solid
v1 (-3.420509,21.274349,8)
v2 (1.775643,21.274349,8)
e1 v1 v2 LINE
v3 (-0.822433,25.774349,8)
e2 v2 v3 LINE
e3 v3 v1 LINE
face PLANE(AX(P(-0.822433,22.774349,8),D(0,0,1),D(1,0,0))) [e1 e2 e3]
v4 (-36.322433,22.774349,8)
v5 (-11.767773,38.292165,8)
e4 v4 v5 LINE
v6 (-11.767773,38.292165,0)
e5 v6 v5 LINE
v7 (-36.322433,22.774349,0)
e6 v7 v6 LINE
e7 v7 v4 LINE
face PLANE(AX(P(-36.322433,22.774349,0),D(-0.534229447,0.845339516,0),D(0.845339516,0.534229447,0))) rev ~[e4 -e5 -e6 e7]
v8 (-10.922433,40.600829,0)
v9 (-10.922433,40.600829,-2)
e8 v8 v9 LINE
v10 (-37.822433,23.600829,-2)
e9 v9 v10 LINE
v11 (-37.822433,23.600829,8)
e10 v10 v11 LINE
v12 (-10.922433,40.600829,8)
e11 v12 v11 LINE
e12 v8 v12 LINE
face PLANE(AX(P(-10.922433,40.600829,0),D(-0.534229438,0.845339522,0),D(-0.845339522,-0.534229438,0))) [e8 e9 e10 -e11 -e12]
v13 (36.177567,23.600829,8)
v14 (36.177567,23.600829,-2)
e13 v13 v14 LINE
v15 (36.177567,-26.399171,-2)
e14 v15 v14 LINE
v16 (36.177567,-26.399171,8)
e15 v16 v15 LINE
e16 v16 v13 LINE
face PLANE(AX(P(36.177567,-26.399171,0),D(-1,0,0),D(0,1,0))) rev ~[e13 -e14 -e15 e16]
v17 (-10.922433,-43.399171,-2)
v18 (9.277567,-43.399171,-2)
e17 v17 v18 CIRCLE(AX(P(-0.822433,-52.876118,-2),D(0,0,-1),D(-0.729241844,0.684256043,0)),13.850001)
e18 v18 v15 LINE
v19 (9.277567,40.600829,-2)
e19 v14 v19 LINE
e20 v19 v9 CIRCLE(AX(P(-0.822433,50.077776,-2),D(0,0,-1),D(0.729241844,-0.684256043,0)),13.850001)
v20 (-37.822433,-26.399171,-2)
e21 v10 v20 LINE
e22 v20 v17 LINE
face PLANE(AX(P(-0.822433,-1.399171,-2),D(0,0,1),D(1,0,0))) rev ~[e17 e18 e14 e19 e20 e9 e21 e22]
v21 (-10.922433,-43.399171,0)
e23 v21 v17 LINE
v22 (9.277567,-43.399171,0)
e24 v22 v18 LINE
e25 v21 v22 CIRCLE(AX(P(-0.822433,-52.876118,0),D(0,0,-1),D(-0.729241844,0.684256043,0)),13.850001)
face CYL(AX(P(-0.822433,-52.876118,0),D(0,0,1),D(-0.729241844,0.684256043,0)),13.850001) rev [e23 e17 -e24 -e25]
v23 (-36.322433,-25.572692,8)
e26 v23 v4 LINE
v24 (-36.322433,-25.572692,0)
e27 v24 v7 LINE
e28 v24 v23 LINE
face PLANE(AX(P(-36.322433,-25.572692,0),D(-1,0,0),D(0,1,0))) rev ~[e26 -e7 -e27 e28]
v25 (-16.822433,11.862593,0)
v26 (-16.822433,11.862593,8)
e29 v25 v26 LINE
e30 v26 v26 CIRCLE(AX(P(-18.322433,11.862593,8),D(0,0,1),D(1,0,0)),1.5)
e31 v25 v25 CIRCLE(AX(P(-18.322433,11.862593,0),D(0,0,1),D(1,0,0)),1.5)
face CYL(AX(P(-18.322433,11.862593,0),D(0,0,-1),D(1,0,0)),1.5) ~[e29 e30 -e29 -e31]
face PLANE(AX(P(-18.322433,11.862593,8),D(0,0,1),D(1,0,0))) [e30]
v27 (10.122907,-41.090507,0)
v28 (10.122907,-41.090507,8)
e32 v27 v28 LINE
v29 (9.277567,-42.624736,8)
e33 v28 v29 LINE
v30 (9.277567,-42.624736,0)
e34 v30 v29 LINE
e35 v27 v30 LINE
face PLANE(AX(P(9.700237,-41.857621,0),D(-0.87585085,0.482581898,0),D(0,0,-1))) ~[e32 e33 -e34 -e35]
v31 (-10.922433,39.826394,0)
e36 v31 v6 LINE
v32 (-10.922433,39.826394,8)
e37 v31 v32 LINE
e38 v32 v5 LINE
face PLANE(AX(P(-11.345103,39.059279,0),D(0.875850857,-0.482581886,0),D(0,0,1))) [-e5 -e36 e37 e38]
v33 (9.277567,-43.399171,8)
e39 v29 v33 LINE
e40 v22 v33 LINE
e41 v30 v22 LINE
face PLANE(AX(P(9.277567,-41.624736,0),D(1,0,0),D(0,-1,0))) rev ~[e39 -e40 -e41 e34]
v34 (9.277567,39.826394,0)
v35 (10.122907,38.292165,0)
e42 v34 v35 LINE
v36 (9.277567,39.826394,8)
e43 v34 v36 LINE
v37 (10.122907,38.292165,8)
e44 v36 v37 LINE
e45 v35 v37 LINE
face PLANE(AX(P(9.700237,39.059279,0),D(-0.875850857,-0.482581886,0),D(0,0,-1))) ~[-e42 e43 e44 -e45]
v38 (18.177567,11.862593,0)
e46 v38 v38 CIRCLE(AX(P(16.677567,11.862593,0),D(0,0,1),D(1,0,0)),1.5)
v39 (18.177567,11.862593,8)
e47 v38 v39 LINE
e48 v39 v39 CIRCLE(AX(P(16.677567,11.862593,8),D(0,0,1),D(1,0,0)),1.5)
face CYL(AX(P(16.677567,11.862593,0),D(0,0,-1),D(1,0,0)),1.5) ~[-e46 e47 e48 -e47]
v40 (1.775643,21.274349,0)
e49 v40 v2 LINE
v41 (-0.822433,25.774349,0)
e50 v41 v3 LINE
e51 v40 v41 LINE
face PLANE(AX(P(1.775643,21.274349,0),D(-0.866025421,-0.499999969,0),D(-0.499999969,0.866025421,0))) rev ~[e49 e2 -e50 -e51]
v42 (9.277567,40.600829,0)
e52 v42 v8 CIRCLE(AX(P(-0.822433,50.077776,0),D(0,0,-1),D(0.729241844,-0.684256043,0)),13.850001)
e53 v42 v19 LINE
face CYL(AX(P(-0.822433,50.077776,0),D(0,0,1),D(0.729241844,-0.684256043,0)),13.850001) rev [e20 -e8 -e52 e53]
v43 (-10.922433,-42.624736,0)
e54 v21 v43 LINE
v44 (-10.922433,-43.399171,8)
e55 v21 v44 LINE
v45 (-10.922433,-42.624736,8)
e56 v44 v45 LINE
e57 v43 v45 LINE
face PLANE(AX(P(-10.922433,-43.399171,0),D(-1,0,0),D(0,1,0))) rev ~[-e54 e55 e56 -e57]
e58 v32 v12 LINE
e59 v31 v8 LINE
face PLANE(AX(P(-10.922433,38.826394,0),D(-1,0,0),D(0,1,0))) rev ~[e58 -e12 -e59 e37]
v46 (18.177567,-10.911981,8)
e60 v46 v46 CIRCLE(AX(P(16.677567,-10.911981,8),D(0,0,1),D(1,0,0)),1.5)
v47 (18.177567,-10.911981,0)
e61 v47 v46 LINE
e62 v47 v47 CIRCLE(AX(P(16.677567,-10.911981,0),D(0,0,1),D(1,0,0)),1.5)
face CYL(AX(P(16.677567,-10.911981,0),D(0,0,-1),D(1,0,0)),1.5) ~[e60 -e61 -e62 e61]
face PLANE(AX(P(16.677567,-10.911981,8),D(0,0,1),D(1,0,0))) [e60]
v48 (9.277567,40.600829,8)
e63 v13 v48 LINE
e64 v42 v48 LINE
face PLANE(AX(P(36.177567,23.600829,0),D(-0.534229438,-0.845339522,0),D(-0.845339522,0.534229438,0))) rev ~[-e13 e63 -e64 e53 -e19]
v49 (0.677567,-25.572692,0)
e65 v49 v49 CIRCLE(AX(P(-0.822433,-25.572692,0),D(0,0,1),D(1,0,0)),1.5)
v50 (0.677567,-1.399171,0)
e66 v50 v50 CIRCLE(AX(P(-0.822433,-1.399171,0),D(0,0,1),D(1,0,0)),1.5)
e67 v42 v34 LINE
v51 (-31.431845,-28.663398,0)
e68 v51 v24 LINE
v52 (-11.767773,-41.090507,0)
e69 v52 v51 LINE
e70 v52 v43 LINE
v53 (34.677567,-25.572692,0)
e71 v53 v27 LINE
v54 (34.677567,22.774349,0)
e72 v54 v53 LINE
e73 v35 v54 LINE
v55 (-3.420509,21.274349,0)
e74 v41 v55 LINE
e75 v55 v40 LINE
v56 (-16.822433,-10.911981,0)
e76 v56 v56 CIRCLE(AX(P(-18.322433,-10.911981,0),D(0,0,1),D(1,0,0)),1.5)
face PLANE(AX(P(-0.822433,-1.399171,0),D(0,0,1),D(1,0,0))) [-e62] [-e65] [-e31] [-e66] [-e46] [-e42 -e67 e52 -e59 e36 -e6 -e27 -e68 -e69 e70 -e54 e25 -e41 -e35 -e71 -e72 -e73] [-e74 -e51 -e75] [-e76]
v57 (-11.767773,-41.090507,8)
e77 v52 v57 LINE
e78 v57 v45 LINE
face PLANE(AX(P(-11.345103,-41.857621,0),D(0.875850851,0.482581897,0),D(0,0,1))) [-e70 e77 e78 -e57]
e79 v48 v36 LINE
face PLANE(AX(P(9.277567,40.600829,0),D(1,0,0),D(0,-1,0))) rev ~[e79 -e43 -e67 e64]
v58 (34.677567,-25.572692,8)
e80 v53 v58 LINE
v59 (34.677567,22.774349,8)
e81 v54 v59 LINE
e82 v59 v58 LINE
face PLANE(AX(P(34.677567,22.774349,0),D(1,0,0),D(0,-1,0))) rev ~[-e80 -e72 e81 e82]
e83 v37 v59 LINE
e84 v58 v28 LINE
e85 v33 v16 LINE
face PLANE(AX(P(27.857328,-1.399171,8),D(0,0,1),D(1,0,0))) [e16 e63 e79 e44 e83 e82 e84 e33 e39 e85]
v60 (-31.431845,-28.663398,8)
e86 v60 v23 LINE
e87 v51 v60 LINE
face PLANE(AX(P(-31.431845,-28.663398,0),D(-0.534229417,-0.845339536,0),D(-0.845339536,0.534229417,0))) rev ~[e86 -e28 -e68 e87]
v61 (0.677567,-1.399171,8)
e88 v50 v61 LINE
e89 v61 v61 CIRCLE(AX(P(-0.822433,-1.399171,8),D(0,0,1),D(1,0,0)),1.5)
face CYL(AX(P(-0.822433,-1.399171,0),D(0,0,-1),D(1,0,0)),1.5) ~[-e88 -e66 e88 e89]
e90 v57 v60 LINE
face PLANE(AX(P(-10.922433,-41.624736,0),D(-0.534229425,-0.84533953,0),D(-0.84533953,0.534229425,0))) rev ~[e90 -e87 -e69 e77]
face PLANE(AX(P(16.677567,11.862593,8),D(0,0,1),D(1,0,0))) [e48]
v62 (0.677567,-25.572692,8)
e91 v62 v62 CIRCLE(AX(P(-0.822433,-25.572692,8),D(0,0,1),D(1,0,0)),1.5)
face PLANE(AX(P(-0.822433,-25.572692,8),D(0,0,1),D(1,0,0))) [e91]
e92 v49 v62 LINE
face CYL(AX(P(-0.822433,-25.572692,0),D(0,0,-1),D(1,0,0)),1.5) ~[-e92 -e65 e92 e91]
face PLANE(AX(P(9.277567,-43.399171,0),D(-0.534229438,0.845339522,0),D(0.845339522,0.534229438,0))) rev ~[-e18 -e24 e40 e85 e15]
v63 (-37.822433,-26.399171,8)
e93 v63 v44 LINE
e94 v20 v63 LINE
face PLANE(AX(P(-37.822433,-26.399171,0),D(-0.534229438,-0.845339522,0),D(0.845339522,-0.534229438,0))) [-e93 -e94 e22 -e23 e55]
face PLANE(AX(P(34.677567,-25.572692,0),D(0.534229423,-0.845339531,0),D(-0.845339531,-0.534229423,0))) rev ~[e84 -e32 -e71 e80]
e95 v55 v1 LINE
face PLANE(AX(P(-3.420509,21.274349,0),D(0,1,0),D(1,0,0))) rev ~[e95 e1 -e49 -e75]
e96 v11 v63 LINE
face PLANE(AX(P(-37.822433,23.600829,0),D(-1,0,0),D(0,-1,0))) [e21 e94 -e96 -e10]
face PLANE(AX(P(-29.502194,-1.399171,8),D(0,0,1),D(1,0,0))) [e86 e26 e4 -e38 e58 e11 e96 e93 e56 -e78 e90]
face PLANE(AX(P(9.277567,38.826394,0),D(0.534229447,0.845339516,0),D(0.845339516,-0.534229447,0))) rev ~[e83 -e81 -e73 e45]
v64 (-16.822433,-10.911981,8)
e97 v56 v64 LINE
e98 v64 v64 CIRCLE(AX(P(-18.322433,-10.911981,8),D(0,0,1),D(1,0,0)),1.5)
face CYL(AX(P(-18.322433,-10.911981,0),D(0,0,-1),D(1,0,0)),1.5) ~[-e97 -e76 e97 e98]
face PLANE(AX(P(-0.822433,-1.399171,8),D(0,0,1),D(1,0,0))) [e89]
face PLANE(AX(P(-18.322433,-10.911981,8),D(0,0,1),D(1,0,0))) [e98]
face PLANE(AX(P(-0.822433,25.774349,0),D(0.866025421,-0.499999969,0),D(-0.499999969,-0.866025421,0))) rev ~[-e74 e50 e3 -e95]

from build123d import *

# Parameters (mm, degrees)
F1_DEPTH = 2
F3_DEPTH = 8
F4_R     = 1.5
F5_DEPTH = 8
F6_SIZE  = 1


with BuildPart() as f1:
    # F0 (on Top) → F1 (new body)
    with BuildSketch(Plane.XY):
        with BuildLine():
            Line((-10.922433, 40.600829), (-37.822433, 23.600829))
            Line((-37.822433, 23.600829), (-37.822433, -26.399171))
            Line((-37.822433, -26.399171), (-10.922433, -43.399171))
            ThreePointArc((-10.922433, -43.399171), (-0.822433, -39.026117), (9.277567, -43.399171))
            Line((9.277567, -43.399171), (36.177567, -26.399171))
            Line((36.177567, -26.399171), (36.177567, 23.600829))
            Line((36.177567, 23.600829), (9.277567, 40.600829))
            ThreePointArc((9.277567, 40.600829), (-0.822433, 36.227775), (-10.922433, 40.600829))
        make_face()
    extrude(amount=-F1_DEPTH)

    # F2 (on Top) → F3 (join)
    with BuildSketch(Plane.XY):
        Polygon((36.177567, -15.736748), (36.177567, 23.600829), (9.277567, 40.600829), (9.277567, 38.826394), (34.677567, 22.774349), (34.677567, -18.295043), (34.677567, -25.572692), (9.277567, -41.624736), (9.277567, -43.399171), (36.177567, -26.399171), align=None)
        Polygon((-10.922433, 38.826394), (-10.922433, 40.600829), (-37.822433, 23.600829), (-37.822433, -26.399171), (-10.922433, -43.399171), (-10.922433, -41.624736), (-31.431845, -28.663398), (-36.322433, -25.572692), (-36.322433, 22.774349), align=None)
    extrude(amount=F3_DEPTH)

    # F4 (on face) → F5 (join)
    with BuildSketch(Plane.XY):
        with Locations((-0.822433, -25.572692)):
            Circle(F4_R)
        with Locations((-0.822433, -1.399171)):
            Circle(F4_R)
        with Locations((16.677567, -10.911981)):
            Circle(F4_R)
        with Locations((16.677567, 11.862593)):
            Circle(F4_R)
        with Locations((-18.322433, 11.862593)):
            Circle(F4_R)
        with Locations((-18.322433, -10.911981)):
            Circle(F4_R)
        Polygon((-3.420509, 21.274349), (1.775643, 21.274349), (-0.822433, 25.774349), align=None)
    extrude(amount=F5_DEPTH)

    # F6
    f6_edges = [f1.edges().sort_by_distance(p)[0] for p in [
        (-10.922433, 38.826394, 4),
        (9.277567, 38.826394, 4),
        (-10.922433, -41.624736, 4),
        (9.277567, -41.624736, 4),
    ]]
    chamfer(f6_edges, length=F6_SIZE)


solid = f1.part
